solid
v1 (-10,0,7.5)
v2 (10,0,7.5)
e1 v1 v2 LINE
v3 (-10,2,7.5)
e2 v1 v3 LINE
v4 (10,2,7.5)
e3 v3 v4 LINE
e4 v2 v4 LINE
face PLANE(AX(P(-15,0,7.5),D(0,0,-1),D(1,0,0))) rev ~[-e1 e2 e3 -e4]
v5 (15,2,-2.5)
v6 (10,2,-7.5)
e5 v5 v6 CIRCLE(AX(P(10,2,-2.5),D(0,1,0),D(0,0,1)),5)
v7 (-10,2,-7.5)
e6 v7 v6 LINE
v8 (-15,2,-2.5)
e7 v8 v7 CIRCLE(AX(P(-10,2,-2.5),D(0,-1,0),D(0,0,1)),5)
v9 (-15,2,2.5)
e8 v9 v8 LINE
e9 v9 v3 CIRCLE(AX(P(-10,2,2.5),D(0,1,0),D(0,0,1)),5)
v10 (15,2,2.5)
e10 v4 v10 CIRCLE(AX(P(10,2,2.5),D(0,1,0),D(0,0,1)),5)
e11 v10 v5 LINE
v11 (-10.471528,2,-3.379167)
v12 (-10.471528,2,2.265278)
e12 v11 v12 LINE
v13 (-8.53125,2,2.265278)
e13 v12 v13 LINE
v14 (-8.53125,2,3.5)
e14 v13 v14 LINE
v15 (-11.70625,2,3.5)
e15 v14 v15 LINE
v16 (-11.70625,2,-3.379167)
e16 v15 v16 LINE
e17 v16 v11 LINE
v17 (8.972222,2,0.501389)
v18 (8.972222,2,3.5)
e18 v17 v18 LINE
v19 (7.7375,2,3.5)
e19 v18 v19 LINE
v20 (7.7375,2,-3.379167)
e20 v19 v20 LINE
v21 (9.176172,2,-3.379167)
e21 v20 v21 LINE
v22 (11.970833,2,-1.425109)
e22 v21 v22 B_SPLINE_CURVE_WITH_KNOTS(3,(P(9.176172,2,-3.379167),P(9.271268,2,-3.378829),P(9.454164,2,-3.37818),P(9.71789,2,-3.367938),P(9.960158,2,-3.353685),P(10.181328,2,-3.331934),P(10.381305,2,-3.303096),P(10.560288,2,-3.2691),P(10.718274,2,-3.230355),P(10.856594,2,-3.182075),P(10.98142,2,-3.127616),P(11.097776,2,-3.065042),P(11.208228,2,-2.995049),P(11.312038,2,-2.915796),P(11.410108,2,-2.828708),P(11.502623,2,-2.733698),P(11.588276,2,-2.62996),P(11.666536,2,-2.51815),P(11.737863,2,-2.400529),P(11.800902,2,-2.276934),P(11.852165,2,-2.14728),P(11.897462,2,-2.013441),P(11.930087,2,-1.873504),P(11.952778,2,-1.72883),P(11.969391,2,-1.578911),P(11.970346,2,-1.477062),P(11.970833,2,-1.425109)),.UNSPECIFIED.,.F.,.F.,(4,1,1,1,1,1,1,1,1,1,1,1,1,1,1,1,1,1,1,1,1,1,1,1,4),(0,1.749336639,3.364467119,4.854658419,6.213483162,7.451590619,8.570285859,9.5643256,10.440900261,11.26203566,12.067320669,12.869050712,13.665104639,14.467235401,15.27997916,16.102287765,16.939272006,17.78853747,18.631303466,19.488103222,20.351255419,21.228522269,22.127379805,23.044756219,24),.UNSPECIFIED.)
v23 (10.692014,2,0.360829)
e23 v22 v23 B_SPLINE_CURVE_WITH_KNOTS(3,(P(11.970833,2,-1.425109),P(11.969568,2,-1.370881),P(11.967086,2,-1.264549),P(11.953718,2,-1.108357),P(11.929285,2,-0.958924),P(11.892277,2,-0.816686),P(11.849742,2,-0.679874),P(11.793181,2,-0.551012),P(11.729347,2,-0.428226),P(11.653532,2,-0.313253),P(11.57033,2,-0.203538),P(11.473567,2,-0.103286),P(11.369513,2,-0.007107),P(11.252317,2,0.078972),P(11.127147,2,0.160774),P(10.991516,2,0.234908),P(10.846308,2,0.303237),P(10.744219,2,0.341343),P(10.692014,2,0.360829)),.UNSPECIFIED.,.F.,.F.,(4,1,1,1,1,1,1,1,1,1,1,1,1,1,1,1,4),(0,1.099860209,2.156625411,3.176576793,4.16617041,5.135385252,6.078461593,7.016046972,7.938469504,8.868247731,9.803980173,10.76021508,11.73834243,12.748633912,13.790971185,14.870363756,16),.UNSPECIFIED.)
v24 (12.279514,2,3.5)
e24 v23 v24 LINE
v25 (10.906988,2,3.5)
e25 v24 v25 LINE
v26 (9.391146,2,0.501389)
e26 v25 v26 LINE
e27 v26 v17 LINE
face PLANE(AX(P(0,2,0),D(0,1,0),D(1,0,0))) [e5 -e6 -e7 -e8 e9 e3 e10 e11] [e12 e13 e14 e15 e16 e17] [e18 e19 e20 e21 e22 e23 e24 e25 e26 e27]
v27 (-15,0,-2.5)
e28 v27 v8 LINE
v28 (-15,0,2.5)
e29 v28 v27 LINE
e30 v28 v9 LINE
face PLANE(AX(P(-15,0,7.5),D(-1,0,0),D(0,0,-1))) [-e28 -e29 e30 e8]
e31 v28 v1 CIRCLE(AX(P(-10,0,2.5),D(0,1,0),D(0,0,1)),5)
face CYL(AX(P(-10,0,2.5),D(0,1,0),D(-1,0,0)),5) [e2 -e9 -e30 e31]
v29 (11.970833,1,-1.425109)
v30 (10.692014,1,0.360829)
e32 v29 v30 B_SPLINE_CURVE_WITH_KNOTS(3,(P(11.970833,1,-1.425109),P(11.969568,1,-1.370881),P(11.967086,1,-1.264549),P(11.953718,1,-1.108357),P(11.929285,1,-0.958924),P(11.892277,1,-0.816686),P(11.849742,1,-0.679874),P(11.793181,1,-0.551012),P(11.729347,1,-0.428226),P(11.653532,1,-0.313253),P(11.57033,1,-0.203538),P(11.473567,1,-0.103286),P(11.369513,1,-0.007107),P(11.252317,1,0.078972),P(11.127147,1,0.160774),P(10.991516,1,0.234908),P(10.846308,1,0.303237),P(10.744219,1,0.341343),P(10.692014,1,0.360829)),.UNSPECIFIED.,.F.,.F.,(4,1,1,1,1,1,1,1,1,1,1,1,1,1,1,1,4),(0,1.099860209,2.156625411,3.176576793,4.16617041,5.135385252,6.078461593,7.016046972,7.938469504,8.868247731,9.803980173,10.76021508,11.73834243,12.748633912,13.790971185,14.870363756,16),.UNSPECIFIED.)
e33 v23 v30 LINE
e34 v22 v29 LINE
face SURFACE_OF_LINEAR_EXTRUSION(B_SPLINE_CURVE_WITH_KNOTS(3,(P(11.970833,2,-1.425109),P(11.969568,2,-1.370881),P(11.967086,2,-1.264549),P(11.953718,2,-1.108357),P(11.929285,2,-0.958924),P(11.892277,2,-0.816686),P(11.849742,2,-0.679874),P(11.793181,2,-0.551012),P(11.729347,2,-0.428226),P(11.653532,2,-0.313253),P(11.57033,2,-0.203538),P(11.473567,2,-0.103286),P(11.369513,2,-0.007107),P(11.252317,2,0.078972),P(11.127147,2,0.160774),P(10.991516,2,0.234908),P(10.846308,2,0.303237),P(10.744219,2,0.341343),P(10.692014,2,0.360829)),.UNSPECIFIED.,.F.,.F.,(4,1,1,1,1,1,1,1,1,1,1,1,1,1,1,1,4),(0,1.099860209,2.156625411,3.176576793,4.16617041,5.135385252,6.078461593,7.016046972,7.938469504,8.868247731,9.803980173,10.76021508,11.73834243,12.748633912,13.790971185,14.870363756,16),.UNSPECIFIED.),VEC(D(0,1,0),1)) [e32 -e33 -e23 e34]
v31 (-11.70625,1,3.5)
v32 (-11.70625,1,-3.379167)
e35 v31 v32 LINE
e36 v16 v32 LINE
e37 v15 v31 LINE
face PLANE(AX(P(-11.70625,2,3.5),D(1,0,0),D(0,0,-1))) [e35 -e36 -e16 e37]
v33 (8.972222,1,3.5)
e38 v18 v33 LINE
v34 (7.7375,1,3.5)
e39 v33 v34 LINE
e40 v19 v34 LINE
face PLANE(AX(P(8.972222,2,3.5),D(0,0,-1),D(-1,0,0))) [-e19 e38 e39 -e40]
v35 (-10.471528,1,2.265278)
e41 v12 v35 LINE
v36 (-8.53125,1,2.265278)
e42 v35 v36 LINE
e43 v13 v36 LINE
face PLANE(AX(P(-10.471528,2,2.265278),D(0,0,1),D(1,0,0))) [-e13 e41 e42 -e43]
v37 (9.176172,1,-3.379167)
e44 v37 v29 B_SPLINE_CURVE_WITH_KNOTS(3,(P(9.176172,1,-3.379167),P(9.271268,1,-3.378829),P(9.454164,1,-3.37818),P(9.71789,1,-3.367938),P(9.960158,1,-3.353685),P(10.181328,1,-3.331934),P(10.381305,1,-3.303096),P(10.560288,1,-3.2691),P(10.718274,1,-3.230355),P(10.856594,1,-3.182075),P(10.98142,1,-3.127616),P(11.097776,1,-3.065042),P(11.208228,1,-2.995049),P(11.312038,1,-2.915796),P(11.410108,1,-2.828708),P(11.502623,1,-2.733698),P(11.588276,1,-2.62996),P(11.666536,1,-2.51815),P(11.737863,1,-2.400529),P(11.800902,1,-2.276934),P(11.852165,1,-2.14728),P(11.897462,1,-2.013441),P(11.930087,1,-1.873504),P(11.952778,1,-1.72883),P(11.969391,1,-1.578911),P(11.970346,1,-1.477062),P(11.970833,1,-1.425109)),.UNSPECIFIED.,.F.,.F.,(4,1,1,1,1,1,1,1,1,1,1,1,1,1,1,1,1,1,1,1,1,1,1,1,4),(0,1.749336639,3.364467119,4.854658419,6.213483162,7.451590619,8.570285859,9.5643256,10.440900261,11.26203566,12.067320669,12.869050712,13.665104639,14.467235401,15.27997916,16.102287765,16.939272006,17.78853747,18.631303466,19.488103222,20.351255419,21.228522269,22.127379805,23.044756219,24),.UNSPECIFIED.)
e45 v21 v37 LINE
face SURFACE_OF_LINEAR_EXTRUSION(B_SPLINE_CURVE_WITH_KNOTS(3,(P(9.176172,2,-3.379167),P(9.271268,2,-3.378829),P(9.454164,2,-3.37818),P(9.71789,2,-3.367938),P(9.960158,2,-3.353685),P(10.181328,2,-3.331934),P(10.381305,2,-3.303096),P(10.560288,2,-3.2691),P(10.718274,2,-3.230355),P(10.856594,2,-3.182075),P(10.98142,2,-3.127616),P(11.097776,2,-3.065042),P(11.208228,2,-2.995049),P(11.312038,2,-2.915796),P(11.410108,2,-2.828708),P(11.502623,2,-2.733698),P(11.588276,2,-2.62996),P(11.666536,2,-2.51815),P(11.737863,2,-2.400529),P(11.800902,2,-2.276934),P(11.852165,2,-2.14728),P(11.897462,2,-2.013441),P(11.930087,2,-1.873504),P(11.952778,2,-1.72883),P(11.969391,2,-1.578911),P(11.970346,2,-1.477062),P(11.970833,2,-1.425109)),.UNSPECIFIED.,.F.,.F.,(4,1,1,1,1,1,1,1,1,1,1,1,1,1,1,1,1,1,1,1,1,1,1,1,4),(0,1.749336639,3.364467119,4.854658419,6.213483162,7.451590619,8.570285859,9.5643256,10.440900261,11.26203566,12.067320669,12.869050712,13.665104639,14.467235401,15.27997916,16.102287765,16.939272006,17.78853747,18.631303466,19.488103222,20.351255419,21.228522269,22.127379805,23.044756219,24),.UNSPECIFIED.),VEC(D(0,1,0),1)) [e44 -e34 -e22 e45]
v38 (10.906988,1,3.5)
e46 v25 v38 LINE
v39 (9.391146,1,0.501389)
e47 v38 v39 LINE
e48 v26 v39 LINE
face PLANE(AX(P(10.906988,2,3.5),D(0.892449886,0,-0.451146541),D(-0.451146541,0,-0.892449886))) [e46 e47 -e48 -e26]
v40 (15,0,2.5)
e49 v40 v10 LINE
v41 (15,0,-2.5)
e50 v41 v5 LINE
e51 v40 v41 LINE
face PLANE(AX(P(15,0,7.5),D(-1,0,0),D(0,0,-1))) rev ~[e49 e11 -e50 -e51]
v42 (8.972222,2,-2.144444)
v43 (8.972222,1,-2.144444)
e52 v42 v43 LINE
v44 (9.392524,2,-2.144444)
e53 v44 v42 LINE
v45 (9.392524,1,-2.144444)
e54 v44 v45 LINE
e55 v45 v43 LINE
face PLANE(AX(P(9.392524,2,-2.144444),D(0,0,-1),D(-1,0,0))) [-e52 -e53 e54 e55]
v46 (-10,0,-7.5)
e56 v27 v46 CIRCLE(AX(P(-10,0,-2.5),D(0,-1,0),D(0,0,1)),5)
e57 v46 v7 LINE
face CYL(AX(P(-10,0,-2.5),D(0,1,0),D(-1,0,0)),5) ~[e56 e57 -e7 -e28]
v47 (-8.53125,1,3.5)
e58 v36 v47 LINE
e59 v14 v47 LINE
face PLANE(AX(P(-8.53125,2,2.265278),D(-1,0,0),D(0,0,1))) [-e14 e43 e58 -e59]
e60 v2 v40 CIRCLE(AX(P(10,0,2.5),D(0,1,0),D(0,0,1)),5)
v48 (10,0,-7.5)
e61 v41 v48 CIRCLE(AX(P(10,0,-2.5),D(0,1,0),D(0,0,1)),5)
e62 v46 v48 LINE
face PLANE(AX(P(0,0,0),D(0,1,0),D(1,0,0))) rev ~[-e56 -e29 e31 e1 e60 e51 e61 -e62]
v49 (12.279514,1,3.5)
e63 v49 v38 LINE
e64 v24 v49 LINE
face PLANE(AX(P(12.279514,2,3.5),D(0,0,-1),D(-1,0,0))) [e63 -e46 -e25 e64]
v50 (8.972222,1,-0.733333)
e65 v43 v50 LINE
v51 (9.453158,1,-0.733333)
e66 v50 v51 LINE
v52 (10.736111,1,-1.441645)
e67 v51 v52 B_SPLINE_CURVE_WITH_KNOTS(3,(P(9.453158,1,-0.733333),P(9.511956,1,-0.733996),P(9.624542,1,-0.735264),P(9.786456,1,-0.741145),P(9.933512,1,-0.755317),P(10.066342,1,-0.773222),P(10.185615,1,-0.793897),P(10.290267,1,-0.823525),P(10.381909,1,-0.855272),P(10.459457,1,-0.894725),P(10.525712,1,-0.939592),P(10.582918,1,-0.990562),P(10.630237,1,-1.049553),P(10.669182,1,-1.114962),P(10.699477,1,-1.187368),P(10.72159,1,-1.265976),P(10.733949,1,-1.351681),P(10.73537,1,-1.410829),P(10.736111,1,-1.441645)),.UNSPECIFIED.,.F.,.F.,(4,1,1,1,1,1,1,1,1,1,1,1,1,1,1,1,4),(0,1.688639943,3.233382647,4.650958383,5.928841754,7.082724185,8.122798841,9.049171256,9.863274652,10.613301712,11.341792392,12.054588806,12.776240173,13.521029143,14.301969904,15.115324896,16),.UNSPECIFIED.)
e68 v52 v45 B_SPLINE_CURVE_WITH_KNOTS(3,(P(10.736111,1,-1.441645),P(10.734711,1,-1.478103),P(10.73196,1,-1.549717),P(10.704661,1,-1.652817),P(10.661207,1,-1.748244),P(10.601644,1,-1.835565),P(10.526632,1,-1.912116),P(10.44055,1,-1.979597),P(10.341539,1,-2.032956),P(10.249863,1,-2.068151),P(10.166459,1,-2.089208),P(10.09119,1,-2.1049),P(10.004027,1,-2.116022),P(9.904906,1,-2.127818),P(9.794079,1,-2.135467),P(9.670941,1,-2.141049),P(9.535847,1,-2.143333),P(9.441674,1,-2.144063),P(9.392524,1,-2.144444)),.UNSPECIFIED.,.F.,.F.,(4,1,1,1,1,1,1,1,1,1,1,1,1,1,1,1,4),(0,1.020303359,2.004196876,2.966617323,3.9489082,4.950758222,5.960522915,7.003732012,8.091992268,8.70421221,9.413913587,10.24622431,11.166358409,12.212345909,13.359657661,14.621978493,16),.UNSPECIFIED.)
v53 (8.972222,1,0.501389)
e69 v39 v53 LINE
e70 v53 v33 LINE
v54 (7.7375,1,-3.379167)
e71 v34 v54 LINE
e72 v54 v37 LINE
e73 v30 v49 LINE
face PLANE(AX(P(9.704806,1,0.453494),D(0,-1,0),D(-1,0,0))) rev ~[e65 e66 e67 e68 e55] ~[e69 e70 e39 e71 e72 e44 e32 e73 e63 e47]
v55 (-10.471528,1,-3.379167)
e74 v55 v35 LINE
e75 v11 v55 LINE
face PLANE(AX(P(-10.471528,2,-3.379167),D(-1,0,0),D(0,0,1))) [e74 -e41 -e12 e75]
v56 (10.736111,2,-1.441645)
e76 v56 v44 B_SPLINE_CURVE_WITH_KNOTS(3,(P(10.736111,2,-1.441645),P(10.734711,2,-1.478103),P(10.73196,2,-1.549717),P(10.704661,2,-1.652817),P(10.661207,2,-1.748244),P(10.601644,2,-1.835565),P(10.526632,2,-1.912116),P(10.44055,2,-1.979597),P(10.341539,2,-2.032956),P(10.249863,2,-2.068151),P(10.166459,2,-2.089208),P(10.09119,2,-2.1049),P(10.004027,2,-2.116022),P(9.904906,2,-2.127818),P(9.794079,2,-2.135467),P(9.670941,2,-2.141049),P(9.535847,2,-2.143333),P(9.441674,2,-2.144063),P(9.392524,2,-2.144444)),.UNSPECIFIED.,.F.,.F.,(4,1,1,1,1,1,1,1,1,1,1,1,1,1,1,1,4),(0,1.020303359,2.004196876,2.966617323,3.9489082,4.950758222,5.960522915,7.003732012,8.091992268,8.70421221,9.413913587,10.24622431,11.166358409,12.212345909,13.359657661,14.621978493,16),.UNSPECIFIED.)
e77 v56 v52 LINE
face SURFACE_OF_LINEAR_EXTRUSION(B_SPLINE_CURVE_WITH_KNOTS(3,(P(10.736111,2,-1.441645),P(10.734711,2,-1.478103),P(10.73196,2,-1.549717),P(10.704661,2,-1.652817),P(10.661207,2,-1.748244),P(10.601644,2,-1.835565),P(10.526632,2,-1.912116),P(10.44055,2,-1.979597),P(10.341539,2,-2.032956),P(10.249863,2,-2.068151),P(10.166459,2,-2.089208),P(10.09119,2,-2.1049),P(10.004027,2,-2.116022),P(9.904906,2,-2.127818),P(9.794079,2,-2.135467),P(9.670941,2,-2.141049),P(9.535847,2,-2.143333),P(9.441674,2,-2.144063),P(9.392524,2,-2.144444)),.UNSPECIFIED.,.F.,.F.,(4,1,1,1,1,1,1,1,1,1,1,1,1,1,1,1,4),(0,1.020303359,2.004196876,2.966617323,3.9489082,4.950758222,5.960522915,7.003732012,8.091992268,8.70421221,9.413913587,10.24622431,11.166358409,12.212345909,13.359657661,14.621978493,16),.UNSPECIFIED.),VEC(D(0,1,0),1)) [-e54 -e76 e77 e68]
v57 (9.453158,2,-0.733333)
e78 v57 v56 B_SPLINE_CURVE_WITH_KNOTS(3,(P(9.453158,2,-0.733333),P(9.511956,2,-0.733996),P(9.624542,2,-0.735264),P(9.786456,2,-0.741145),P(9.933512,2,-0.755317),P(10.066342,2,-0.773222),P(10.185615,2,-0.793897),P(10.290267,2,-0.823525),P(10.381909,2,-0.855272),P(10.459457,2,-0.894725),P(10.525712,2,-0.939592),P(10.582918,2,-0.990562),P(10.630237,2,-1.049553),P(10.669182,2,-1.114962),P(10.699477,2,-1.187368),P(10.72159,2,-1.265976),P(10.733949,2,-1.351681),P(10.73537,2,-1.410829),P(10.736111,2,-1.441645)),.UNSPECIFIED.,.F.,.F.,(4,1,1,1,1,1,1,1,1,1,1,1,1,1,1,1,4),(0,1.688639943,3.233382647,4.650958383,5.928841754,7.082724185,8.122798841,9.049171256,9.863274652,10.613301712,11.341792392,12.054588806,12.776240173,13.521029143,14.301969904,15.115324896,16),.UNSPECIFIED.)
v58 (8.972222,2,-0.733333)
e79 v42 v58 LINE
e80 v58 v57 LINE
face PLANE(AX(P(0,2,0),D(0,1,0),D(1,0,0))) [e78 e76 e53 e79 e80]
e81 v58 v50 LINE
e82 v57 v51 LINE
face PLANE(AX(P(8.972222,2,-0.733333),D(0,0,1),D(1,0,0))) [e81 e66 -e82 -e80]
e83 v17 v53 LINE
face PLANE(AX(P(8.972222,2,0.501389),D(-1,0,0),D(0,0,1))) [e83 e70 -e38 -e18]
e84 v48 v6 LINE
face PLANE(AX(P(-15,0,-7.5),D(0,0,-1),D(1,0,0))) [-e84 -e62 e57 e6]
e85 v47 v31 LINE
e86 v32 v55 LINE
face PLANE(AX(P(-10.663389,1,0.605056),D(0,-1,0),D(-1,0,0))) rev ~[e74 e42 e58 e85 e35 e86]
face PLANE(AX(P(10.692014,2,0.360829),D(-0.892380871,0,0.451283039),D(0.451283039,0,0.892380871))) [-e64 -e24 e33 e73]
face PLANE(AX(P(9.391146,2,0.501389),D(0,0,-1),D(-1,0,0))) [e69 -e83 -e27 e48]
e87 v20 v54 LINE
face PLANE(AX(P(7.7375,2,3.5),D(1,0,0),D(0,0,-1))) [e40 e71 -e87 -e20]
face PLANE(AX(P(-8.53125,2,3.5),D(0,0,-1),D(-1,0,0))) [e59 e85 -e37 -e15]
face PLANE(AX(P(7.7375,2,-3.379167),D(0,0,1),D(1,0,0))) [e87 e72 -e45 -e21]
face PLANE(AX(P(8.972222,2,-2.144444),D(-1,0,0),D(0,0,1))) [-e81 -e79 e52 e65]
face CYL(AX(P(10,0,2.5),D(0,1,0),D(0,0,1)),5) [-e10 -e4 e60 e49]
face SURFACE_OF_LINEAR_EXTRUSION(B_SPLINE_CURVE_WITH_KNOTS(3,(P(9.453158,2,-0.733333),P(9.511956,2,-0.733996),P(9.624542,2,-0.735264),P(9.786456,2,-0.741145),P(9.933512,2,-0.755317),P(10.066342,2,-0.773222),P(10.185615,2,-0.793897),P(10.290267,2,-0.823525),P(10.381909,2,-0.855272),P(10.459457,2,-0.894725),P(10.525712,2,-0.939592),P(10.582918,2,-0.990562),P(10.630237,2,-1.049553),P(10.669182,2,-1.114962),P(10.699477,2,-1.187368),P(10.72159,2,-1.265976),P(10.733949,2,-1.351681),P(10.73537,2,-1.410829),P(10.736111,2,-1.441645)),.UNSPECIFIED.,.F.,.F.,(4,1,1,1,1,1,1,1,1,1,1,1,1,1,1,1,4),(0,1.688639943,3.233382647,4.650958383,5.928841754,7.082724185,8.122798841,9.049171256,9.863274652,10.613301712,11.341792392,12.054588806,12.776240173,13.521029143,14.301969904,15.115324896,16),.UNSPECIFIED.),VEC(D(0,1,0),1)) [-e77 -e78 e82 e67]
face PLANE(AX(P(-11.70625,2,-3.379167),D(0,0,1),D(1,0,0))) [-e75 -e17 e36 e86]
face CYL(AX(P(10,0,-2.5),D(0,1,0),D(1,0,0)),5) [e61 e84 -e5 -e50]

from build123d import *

# Parameters (mm, degrees)
SKETCH1_W           = 30
SKETCH1_H           = 15
BOSS_EXTRUDE1_DEPTH = 2
FILLET1_R           = 5
CUT_EXTRUDE1_DEPTH  = 1


with BuildPart() as part:
    # Sketch1 → Boss-Extrude1 (new body)
    with BuildSketch(Plane(origin=(0, 0, 0), x_dir=(1, 0, 0), z_dir=(0, 1, 0))):
        Rectangle(SKETCH1_W, SKETCH1_H)
    extrude(amount=BOSS_EXTRUDE1_DEPTH)

    # Fillet1
    fillet1_edges = [part.edges().sort_by_distance(p)[0] for p in [
        (-15, 1, -7.5),
        (15, 1, -7.5),
        (15, 1, 7.5),
        (-15, 1, 7.5),
    ]]
    fillet(fillet1_edges, radius=FILLET1_R)

    # Sketch3 → Cut-Extrude1 (cut)
    # profile 1 of 2: a face of its own
    with BuildSketch(Plane(origin=(0, 2, 0), x_dir=(1, 0, 0), z_dir=(0, 1, 0))):
        Polygon((-11.70625, 3.379166667), (-10.471527778, 3.379166667), (-10.471527778, -2.265277778), (-8.53125, -2.265277778), (-8.53125, -3.5), (-11.70625, -3.5), align=None)
    # profile 2 of 2: a face of its own
    with BuildSketch(Plane(origin=(0, 2, 0), x_dir=(1, 0, 0), z_dir=(0, 1, 0))):
        with BuildLine():
            Line((7.7375, 3.379166667), (9.176171875, 3.379166667))
            add(Edge.make_bspline(
                [(9.176171875, 3.379166667), (9.271267648, 3.378829131), (9.454163607, 3.378179956), (9.717889589, 3.367937683), (9.960158173, 3.35368472), (10.181328057, 3.33193432), (10.381304623, 3.303095918), (10.560288293, 3.269100215), (10.718273835, 3.230354823), (10.856593641, 3.182075007), (10.981420425, 3.127616107), (11.097776343, 3.065041832), (11.208228378, 2.995048967), (11.312038278, 2.91579581), (11.410108175, 2.828708105), (11.502623084, 2.733698191), (11.588275684, 2.629960422), (11.666535611, 2.51815029), (11.737863234, 2.400528594), (11.800901893, 2.276933841), (11.852165035, 2.147280077), (11.897461517, 2.01344108), (11.930087105, 1.873503596), (11.952777724, 1.728829939), (11.969390908, 1.578910842), (11.970346086, 1.477062464), (11.970833333, 1.425108507)],
                knots=[0, 0, 0, 0, 1.749336639, 3.364467119, 4.854658419, 6.213483162, 7.451590619, 8.570285859, 9.5643256, 10.440900261, 11.26203566, 12.067320669, 12.869050712, 13.665104639, 14.467235401, 15.27997916, 16.102287765, 16.939272006, 17.78853747, 18.631303466, 19.488103222, 20.351255419, 21.228522269, 22.127379805, 23.044756219, 24, 24, 24, 24], degree=3))
            add(Edge.make_bspline(
                [(11.970833333, 1.425108507), (11.969567641, 1.370880511), (11.967085849, 1.264549293), (11.953717567, 1.108357407), (11.929284548, 0.958923936), (11.892277185, 0.816686402), (11.849742029, 0.679874494), (11.793181181, 0.551012476), (11.729346675, 0.428226238), (11.653532296, 0.313252637), (11.57032972, 0.203537881), (11.473566874, 0.103285547), (11.369512504, 0.007107453), (11.252317335, -0.078972131), (11.12714744, -0.160773597), (10.991515824, -0.234907509), (10.846307665, -0.303237424), (10.744219138, -0.341342904), (10.692013889, -0.360828993)],
                knots=[0, 0, 0, 0, 1.099860209, 2.156625411, 3.176576793, 4.16617041, 5.135385252, 6.078461593, 7.016046972, 7.938469504, 8.868247731, 9.803980173, 10.76021508, 11.73834243, 12.748633912, 13.790971185, 14.870363756, 16, 16, 16, 16], degree=3))
            Line((10.692013889, -0.360828993), (12.279513889, -3.5))
            Line((12.279513889, -3.5), (10.906987847, -3.5))
            Line((10.906987847, -3.5), (9.391145833, -0.501388889))
            Line((9.391145833, -0.501388889), (8.972222222, -0.501388889))
            Line((8.972222222, -0.501388889), (8.972222222, -3.5))
            Line((8.972222222, -3.5), (7.7375, -3.5))
            Line((7.7375, -3.5), (7.7375, 3.379166667))
        make_face()
        with BuildLine():
            Line((8.972222222, 0.733333333), (9.453157552, 0.733333333))
            add(Edge.make_bspline(
                [(9.453157552, 0.733333333), (9.511955894, 0.73399556), (9.624542084, 0.735263581), (9.786455813, 0.74114519), (9.933512094, 0.75531696), (10.066342435, 0.773222462), (10.185615227, 0.793896951), (10.290266598, 0.823524747), (10.381909067, 0.855271682), (10.459456666, 0.894724886), (10.525711554, 0.939591736), (10.582918408, 0.990561593), (10.630236679, 1.049552713), (10.66918203, 1.11496197), (10.699477279, 1.187367895), (10.721590489, 1.265975634), (10.733948504, 1.35168063), (10.735370336, 1.410828747), (10.736111111, 1.441644965)],
                knots=[0, 0, 0, 0, 1.688639943, 3.233382647, 4.650958383, 5.928841754, 7.082724185, 8.122798841, 9.049171256, 9.863274652, 10.613301712, 11.341792392, 12.054588806, 12.776240173, 13.521029143, 14.301969904, 15.115324896, 16, 16, 16, 16], degree=3))
            add(Edge.make_bspline(
                [(10.736111111, 1.441644965), (10.734710607, 1.478102802), (10.731959577, 1.549717465), (10.704660808, 1.652817469), (10.661207064, 1.748243577), (10.601643884, 1.835564629), (10.526631801, 1.912116292), (10.440549519, 1.979597192), (10.341539172, 2.032956039), (10.249863042, 2.068150966), (10.166459192, 2.089208454), (10.091189849, 2.104900308), (10.004027496, 2.116021575), (9.904906331, 2.127817658), (9.794079017, 2.135466821), (9.670941479, 2.141049186), (9.535847367, 2.143333205), (9.44167394, 2.144063366), (9.392523872, 2.144444444)],
                knots=[0, 0, 0, 0, 1.020303359, 2.004196876, 2.966617323, 3.9489082, 4.950758222, 5.960522915, 7.003732012, 8.091992268, 8.70421221, 9.413913587, 10.24622431, 11.166358409, 12.212345909, 13.359657661, 14.621978493, 16, 16, 16, 16], degree=3))
            Line((9.392523872, 2.144444444), (8.972222222, 2.144444444))
            Line((8.972222222, 2.144444444), (8.972222222, 0.733333333))
        make_face(mode=Mode.SUBTRACT)
    extrude(amount=-CUT_EXTRUDE1_DEPTH, mode=Mode.SUBTRACT)


solid = part.part
